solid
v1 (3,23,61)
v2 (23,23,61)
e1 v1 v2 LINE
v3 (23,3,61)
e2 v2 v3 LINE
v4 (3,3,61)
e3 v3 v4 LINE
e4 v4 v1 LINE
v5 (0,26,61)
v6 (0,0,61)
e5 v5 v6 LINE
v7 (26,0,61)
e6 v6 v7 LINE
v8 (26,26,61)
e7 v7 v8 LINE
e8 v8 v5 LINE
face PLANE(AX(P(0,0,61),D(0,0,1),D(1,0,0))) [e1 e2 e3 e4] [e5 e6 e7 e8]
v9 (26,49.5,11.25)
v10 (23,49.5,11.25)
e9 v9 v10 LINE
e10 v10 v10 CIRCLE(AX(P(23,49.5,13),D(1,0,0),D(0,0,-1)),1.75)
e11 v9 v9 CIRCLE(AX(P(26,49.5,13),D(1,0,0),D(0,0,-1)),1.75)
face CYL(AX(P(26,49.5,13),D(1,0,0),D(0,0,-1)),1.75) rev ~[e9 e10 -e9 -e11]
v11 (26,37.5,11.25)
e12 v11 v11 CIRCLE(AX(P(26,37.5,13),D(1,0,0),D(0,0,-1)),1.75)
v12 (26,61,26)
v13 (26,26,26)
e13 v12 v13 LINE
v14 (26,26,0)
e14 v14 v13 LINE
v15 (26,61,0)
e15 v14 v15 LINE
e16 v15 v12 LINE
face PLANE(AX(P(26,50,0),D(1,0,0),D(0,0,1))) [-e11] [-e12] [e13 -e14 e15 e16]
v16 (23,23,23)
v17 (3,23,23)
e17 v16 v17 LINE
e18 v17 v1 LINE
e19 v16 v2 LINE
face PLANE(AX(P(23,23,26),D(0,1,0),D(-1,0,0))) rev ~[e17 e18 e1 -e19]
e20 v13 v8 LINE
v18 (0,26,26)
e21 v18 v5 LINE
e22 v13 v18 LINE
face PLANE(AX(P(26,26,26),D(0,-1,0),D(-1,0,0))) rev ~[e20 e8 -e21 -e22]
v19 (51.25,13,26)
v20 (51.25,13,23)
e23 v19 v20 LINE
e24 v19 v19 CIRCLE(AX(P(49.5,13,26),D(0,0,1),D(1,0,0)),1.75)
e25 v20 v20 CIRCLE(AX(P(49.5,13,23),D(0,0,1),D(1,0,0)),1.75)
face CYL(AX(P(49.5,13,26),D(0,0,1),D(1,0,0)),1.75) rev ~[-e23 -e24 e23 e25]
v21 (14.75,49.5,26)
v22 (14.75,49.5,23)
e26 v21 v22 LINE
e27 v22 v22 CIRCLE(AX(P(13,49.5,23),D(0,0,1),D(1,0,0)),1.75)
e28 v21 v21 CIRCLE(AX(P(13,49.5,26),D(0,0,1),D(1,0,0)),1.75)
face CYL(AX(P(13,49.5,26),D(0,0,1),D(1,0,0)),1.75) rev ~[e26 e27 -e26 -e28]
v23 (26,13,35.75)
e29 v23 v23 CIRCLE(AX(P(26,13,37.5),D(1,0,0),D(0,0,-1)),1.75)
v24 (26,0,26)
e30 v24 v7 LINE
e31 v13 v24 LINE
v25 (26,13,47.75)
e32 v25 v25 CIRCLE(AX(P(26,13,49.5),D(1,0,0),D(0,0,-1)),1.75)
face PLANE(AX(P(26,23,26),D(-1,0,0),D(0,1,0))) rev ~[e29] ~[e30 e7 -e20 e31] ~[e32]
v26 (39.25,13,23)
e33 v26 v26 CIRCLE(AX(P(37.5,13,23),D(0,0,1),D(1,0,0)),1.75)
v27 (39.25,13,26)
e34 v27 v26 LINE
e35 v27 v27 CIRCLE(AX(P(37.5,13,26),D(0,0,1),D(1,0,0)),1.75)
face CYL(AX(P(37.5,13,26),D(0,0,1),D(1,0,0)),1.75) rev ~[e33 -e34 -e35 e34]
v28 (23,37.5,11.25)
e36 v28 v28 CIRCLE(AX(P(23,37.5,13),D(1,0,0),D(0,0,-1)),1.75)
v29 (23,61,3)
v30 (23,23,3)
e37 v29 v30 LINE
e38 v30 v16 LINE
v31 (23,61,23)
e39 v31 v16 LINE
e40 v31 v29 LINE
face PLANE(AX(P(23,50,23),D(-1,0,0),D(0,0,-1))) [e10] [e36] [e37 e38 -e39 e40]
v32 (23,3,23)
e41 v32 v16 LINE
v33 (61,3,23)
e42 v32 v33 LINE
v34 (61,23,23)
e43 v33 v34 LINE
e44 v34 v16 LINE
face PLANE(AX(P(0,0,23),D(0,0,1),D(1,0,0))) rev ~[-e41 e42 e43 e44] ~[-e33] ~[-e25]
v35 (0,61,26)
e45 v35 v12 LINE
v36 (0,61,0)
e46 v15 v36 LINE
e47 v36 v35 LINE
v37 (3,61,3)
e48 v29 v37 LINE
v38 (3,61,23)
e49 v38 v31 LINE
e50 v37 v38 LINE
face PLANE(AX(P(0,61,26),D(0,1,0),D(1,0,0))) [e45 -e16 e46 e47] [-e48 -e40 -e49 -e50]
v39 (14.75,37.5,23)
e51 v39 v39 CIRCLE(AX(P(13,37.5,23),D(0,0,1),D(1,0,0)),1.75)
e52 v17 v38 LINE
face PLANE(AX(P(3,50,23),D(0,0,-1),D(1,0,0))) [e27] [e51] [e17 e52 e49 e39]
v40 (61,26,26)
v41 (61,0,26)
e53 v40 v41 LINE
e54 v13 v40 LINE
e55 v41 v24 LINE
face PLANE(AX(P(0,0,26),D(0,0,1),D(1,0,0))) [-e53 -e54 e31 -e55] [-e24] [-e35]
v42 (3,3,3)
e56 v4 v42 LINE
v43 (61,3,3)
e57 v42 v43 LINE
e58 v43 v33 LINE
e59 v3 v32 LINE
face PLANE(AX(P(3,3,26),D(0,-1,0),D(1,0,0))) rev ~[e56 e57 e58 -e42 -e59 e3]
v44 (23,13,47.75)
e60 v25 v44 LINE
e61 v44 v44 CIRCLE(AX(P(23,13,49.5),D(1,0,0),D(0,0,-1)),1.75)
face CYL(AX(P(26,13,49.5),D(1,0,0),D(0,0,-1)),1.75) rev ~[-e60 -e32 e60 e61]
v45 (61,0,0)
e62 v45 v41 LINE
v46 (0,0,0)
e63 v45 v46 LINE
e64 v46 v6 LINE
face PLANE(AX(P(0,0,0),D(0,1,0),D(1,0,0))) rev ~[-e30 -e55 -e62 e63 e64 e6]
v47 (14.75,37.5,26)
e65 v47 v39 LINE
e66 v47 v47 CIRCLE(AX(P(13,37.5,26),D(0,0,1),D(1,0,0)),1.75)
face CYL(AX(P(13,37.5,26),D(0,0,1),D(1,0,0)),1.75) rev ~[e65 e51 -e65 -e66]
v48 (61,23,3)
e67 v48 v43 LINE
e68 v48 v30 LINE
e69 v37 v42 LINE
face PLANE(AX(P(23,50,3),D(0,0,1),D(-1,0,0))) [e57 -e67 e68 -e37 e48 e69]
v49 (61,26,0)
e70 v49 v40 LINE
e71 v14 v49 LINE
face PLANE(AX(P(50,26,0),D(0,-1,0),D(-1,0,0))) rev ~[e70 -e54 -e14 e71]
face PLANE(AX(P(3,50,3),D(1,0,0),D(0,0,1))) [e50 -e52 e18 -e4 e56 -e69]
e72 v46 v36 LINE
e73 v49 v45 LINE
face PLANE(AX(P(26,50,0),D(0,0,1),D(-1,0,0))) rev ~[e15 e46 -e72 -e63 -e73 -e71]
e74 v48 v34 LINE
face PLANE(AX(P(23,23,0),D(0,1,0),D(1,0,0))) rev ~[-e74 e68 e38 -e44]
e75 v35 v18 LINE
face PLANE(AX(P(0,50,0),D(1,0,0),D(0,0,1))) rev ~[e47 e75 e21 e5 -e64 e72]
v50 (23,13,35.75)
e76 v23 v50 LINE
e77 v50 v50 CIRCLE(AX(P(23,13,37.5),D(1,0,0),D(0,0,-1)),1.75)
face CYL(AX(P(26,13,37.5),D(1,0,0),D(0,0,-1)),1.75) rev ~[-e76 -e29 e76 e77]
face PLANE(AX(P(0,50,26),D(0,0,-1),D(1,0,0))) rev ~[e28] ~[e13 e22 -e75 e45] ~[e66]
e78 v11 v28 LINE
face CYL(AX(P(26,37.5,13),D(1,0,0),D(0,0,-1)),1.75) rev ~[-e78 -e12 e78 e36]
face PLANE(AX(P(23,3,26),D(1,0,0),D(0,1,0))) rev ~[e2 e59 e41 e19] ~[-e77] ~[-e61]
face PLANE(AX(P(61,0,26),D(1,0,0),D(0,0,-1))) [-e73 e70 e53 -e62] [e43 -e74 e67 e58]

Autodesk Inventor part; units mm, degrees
ref_plane "YZ Plane" through (0, 0, 0) normal (1, 0, 0) x (0, 1, 0)
ref_plane "XZ Plane" through (0, 0, 0) normal (0, 1, 0) x (-1, 0, 0)
ref_plane "XY Plane" through (0, 0, 0) normal (0, 0, 1) x (1, 0, 0)
sketch "Boceto1" plane through (0, 0, 0) normal (0, 0, 1) x (1, 0, 0)
  line L0 (0, 0) -> (50, 0)
  line L1 (50, 0) -> (50, 26)
  line L2 (50, 26) -> (26, 26)
  line L3 (0, 26) -> (0, 0)
  line L4 (0, 0) -> (26, 0)
  line L5 (26, 26) -> (26, 50)
  line L6 (26, 50) -> (0, 50)
  line L7 (0, 50) -> (0, 0)
  line L8 (0, 0) -> (50, 0)
  line L9 (50, 0) -> (50, 3)
  line L10 (50, 3) -> (0, 3)
  line L11 (0, 3) -> (0, 0)
  line L12 (0, 50) -> (3, 50)
  line L13 (3, 50) -> (3, 0)
  line L14 (3, 0) -> (0, 0)
  line L15 (0, 0) -> (0, 50)
  line L16 (26, 50) -> (23, 50)
  line L17 (23, 50) -> (23, 24)
  line L18 (23, 24) -> (26, 24)
  line L19 (26, 24) -> (26, 50)
  line L20 (50, 26) -> (23, 26)
  line L21 (23, 26) -> (23, 23)
  line L22 (23, 23) -> (50, 23)
  line L23 (50, 23) -> (50, 26)
  line L24 (23, 50) -> (1.5, 50)
  line L25 (3, 3) -> (50, 3)
  line L26 (50, 23) -> (23, 23)
  point P0 (3, 3)
  dimension "d0" = 50
  dimension "d1" = 26
  dimension "d2" = 26
  dimension "d3" = 50
  dimension "d4" = 50
  dimension "d5" = 3
  dimension "d6" = 3
  dimension "d7" = 50
  dimension "d8" = 3
  dimension "d9" = 26
  dimension "d10" = 27
  dimension "d11" = 3
extrude "Extrusión1" add sketch "Boceto1" along normal blind 26 contours L3 L10 L13 L0 | L13 L10 L1 L0
extrude "Extrusión2" add sketch "Boceto1" along normal blind 26 contours L3 L7 L6 L13 L10
extrude "Extrusión3" add sketch "Boceto1" along normal blind 26 contours L22 L21 L18 L19 L2 L1 | L20 L19 L18 L17
extrude "Extrusión4" add sketch "Boceto1" along normal blind 26 contours L6 L5 L20 L17
sketch "Boceto2" plane through (0, 0, 26) normal (0, 0, 1) x (1, 0, 0)
  line L0 (3, 50) -> (0, 50) projected
  line L1 (26, 50) -> (23, 50) projected
  line L2 (0, 50) -> (26, 50)
  line L3 (3, 50) -> (23, 50)
  line L4 (23, 50) -> (23, 23) projected
  line L5 (23, 23) -> (50, 23) projected
  line L6 (23, 23) -> (50, 23)
  line L7 (50, 0) -> (50, 3) projected
  line L8 (50, 23) -> (50, 3)
  line L9 (50, 3) -> (3, 3) projected
  line L10 (50, 3) -> (3, 3)
  line L11 (3, 3) -> (3, 50)
  point P0 (0, 0)
extrude "Extrusión5" add sketch "Boceto2" against normal blind 3
extrude "Extrusión6" add sketch "Boceto1" along normal blind 3 contours L13 L6 L17 L21 L22 L1 L10
sketch "Boceto3" plane through (0, 0, 26) normal (0, 0, 1) x (1, 0, 0)
  line L0 (0, 0) -> (50, 0) projected
  line L1 (0, 0) -> (26, 0)
  line L2 (0, 0) -> (26, 0) construction
  line L3 (50, 26) -> (26, 26) projected
  line L4 (26, 0) -> (26, 26)
  line L5 (26, 26) -> (0, 26)
  line L6 (3, 3) -> (3, 50) projected
  line L7 (0, 26) -> (0, 0)
  line L8 (3, 3) -> (50, 3) projected
  line L9 (3, 3) -> (23, 3)
  line L10 (23, 3) -> (23, 23)
  line L11 (23, 23) -> (3, 23)
  line L12 (3, 23) -> (3, 3)
  dimension "d24" = 26
  dimension "d25" = 0
  dimension "d26" = 20
  dimension "d27" = 20
extrude "Extrusión7" cut sketch "Boceto3" against normal blind 3 contours L8 L6 L11 L10
sketch "Boceto4" plane through (0, 0, 26) normal (0, 0, 1) x (1, 0, 0)
  line L0 (0, 0) -> (26, 0)
  line L1 (0, 0) -> (50, 0) projected
  line L2 (0, 0) -> (26, 0) construction
  line L3 (26, 0) -> (26, 26)
  line L4 (26, 26) -> (0, 26)
  line L5 (3, 23) -> (23, 23) projected
  line L6 (0, 50) -> (0, 0) projected
  line L7 (0, 26) -> (0, 0)
  line L8 (50, 23) -> (23, 23) projected
  line L9 (3, 23) -> (23, 23)
  line L10 (23, 23) -> (23, 3) projected
  line L11 (23, 23) -> (23, 3)
  line L12 (50, 3) -> (3, 3) projected
  line L13 (23, 3) -> (3, 3)
  line L14 (3, 3) -> (3, 23)
  dimension "d30" = 26
  dimension "d31" = 0
  dimension "d32" = 26
  dimension "d33" = 90
extrude "Extrusión8" add sketch "Boceto4" along normal blind 35 contours L6 L4 L3 L8 L5 L14 L12 L0 | L12 L10 L8 L3
sketch "Boceto5" plane through (26, 0, 26) normal (1, 0, 0) x (0, 0, -1)
  circle A0 centre (-23.5, 13) radius 1.75
  circle A1 centre (-11.5, 13) radius 1.75
  line L0 (0, 26) -> (-35, 26) projected
  line L1 (-35, 0) -> (-35, 26) projected
  line L2 (0, 0) -> (0, 26) projected
  point P0 (26, 0)
  dimension "d36" = 3.5
  dimension "d37" = 3.5
  dimension "d38" = 13
  dimension "d39" = 13
  dimension "d40" = 12
  dimension "d41" = 11.5
  dimension "d42" = 35
  dimension "d43" = 11.5
sketch "Boceto6" plane through (50, 0, 26) normal (1, 0, 0) x (0, 0, -1)
  line L0 (26, 26) -> (0, 26) projected
  line L1 (26, 26) -> (26, 50) projected
  line L2 (0, 26) -> (26, 26)
  line L3 (26, 50) -> (26, 0) projected
  line L4 (26, 26) -> (26, 0)
  line L5 (26, 0) -> (0, 0)
  line L6 (26, 0) -> (-35, 0) projected
  line L7 (23, 23) -> (3, 23) projected
  line L8 (3, 23) -> (23, 23)
  line L9 (23, 23) -> (23, 3)
  line L10 (23, 3) -> (3, 3)
  line L11 (23, 3) -> (-35, 3) projected
  line L12 (-35, 23) -> (3, 23) projected
  line L13 (3, 3) -> (3, 23)
  line L14 (0, 26) -> (0, 0)
extrude "Extrusión9" add sketch "Boceto6" along normal blind 11 contours L3 L5 L14 L11 L10 L9 L7 L12 L0 | L12 L13 L11 L14
sketch "Boceto7" plane through (0, 50, 26) normal (0, 1, 0) x (1, 0, 0)
  line L0 (3, 3) -> (23, 3) projected
  line L1 (3, 3) -> (23, 3)
  line L2 (23, 3) -> (23, 23)
  line L3 (23, 23) -> (3, 23)
  line L4 (3, 23) -> (3, 3)
  line L5 (26, 26) -> (26, 0) projected
  line L6 (26, 26) -> (0, 26)
  line L7 (0, 26) -> (0, 0)
  line L8 (0, 0) -> (26, 0)
  line L9 (26, 0) -> (26, 26)
  dimension "d46" = 20
  dimension "d47" = 20
  dimension "d48" = 26
  dimension "d49" = 26
extrude "Extrusión10" add sketch "Boceto7" along normal blind 11
sketch "Boceto8" plane through (0, 0, 26) normal (0, 0, 1) x (1, 0, 0)
  circle A0 centre (49.5, 13) radius 1.75
  circle A1 centre (37.5, 13) radius 1.75
  line L0 (61, 26) -> (61, 0) projected
  line L1 (26, 26) -> (61, 26) projected
  point P0 (0, 0)
  dimension "d52" = 3.5
  dimension "d53" = 3.5
  dimension "d54" = 11.5
  dimension "d55" = 12
  dimension "d56" = 13
  dimension "d57" = 13
extrude "Extrusión11" cut sketch "Boceto5" against normal up to next contours A0
extrude "Extrusión12" cut sketch "Boceto5" against normal up to next contours A1
extrude "Extrusión13" cut sketch "Boceto8" against normal up to next contours A1
extrude "Extrusión14" cut sketch "Boceto8" against normal up to next contours A0
sketch "Boceto9" plane through (0, 0, 26) normal (0, 0, 1) x (1, 0, 0)
  circle A0 centre (13, 37.5) radius 1.75
  circle A1 centre (13, 49.5) radius 1.75
  line L0 (0, 26) -> (0, 61) projected
  line L1 (0, 61) -> (26, 61) projected
  point P0 (0, 0)
  dimension "d66" = 3.5
  dimension "d67" = 3.5
  dimension "d68" = 13
  dimension "d69" = 13
  dimension "d70" = 11.5
  dimension "d71" = 12
sketch "Boceto10" plane through (26, 26, 26) normal (1, 0, 0) x (0, 0, -1)
  circle A0 centre (13, 23.5) radius 1.75
  circle A1 centre (13, 11.5) radius 1.75
  line L0 (0, 0) -> (0, 35) projected
  line L1 (0, 35) -> (26, 35) projected
  point P0 (26, -26)
  dimension "d72" = 3.5
  dimension "d73" = 3.5
  dimension "d74" = 13
  dimension "d75" = 13
  dimension "d76" = 12
  dimension "d77" = 11.5
extrude "Extrusión15" cut sketch "Boceto9" against normal up to next contours A1
extrude "Extrusión16" cut sketch "Boceto9" against normal up to next contours A0
extrude "Extrusión17" cut sketch "Boceto10" against normal up to next contours A0
extrude "Extrusión18" cut sketch "Boceto10" against normal up to next contours A1
sketch "Boceto12" plane through (3, 3, 61) normal (0, 1, 0) x (1, 0, 0)
  line L0 (58, 58) -> (0, 58) projected
  line L1 (0, 58) -> (0, 0) projected
  line L2 (20, 0) -> (0, 0) projected
  line L3 (20, 0) -> (20, 38) projected
  line L4 (20, 38) -> (58, 38) projected
  line L5 (58, 58) -> (58, 38) projected
  line L6 (23, 35) -> (23, 61) projected
  line L7 (23, 61) -> (-3, 61) projected
  line L8 (-3, 61) -> (-3, 35) projected
  line L9 (-3, 35) -> (23, 35) projected
  line L10 (0, 38) -> (0, 58) projected
  line L11 (0, 58) -> (20, 58) projected
  line L12 (20, 58) -> (20, 38) projected
  line L13 (20, 38) -> (0, 38) projected
  line L14 (23, 35) -> (23, 61) projected
  line L15 (23, 61) -> (-3, 61) projected
  line L16 (-3, 61) -> (-3, 35) projected
  line L17 (-3, 35) -> (23, 35) projected
  line L18 (0, 38) -> (0, 58) projected
  line L19 (0, 58) -> (20, 58) projected
  line L20 (20, 58) -> (20, 38) projected
  line L21 (20, 38) -> (0, 38) projected
  line L22 (20, 58) -> (20, 38) projected
  line L23 (0, 38) -> (0, 58) projected
  line L24 (20, 38) -> (0, 38) projected
  line L25 (0, 0) -> (20, 0) projected
  line L26 (0, 58) -> (20, 58) projected
  line L27 (58, 58) -> (0, 58) projected
  line L28 (20, 58) -> (58, 58) projected
  line L29 (58, 38) -> (58, 58) projected
properties part number "esquina20mm"
